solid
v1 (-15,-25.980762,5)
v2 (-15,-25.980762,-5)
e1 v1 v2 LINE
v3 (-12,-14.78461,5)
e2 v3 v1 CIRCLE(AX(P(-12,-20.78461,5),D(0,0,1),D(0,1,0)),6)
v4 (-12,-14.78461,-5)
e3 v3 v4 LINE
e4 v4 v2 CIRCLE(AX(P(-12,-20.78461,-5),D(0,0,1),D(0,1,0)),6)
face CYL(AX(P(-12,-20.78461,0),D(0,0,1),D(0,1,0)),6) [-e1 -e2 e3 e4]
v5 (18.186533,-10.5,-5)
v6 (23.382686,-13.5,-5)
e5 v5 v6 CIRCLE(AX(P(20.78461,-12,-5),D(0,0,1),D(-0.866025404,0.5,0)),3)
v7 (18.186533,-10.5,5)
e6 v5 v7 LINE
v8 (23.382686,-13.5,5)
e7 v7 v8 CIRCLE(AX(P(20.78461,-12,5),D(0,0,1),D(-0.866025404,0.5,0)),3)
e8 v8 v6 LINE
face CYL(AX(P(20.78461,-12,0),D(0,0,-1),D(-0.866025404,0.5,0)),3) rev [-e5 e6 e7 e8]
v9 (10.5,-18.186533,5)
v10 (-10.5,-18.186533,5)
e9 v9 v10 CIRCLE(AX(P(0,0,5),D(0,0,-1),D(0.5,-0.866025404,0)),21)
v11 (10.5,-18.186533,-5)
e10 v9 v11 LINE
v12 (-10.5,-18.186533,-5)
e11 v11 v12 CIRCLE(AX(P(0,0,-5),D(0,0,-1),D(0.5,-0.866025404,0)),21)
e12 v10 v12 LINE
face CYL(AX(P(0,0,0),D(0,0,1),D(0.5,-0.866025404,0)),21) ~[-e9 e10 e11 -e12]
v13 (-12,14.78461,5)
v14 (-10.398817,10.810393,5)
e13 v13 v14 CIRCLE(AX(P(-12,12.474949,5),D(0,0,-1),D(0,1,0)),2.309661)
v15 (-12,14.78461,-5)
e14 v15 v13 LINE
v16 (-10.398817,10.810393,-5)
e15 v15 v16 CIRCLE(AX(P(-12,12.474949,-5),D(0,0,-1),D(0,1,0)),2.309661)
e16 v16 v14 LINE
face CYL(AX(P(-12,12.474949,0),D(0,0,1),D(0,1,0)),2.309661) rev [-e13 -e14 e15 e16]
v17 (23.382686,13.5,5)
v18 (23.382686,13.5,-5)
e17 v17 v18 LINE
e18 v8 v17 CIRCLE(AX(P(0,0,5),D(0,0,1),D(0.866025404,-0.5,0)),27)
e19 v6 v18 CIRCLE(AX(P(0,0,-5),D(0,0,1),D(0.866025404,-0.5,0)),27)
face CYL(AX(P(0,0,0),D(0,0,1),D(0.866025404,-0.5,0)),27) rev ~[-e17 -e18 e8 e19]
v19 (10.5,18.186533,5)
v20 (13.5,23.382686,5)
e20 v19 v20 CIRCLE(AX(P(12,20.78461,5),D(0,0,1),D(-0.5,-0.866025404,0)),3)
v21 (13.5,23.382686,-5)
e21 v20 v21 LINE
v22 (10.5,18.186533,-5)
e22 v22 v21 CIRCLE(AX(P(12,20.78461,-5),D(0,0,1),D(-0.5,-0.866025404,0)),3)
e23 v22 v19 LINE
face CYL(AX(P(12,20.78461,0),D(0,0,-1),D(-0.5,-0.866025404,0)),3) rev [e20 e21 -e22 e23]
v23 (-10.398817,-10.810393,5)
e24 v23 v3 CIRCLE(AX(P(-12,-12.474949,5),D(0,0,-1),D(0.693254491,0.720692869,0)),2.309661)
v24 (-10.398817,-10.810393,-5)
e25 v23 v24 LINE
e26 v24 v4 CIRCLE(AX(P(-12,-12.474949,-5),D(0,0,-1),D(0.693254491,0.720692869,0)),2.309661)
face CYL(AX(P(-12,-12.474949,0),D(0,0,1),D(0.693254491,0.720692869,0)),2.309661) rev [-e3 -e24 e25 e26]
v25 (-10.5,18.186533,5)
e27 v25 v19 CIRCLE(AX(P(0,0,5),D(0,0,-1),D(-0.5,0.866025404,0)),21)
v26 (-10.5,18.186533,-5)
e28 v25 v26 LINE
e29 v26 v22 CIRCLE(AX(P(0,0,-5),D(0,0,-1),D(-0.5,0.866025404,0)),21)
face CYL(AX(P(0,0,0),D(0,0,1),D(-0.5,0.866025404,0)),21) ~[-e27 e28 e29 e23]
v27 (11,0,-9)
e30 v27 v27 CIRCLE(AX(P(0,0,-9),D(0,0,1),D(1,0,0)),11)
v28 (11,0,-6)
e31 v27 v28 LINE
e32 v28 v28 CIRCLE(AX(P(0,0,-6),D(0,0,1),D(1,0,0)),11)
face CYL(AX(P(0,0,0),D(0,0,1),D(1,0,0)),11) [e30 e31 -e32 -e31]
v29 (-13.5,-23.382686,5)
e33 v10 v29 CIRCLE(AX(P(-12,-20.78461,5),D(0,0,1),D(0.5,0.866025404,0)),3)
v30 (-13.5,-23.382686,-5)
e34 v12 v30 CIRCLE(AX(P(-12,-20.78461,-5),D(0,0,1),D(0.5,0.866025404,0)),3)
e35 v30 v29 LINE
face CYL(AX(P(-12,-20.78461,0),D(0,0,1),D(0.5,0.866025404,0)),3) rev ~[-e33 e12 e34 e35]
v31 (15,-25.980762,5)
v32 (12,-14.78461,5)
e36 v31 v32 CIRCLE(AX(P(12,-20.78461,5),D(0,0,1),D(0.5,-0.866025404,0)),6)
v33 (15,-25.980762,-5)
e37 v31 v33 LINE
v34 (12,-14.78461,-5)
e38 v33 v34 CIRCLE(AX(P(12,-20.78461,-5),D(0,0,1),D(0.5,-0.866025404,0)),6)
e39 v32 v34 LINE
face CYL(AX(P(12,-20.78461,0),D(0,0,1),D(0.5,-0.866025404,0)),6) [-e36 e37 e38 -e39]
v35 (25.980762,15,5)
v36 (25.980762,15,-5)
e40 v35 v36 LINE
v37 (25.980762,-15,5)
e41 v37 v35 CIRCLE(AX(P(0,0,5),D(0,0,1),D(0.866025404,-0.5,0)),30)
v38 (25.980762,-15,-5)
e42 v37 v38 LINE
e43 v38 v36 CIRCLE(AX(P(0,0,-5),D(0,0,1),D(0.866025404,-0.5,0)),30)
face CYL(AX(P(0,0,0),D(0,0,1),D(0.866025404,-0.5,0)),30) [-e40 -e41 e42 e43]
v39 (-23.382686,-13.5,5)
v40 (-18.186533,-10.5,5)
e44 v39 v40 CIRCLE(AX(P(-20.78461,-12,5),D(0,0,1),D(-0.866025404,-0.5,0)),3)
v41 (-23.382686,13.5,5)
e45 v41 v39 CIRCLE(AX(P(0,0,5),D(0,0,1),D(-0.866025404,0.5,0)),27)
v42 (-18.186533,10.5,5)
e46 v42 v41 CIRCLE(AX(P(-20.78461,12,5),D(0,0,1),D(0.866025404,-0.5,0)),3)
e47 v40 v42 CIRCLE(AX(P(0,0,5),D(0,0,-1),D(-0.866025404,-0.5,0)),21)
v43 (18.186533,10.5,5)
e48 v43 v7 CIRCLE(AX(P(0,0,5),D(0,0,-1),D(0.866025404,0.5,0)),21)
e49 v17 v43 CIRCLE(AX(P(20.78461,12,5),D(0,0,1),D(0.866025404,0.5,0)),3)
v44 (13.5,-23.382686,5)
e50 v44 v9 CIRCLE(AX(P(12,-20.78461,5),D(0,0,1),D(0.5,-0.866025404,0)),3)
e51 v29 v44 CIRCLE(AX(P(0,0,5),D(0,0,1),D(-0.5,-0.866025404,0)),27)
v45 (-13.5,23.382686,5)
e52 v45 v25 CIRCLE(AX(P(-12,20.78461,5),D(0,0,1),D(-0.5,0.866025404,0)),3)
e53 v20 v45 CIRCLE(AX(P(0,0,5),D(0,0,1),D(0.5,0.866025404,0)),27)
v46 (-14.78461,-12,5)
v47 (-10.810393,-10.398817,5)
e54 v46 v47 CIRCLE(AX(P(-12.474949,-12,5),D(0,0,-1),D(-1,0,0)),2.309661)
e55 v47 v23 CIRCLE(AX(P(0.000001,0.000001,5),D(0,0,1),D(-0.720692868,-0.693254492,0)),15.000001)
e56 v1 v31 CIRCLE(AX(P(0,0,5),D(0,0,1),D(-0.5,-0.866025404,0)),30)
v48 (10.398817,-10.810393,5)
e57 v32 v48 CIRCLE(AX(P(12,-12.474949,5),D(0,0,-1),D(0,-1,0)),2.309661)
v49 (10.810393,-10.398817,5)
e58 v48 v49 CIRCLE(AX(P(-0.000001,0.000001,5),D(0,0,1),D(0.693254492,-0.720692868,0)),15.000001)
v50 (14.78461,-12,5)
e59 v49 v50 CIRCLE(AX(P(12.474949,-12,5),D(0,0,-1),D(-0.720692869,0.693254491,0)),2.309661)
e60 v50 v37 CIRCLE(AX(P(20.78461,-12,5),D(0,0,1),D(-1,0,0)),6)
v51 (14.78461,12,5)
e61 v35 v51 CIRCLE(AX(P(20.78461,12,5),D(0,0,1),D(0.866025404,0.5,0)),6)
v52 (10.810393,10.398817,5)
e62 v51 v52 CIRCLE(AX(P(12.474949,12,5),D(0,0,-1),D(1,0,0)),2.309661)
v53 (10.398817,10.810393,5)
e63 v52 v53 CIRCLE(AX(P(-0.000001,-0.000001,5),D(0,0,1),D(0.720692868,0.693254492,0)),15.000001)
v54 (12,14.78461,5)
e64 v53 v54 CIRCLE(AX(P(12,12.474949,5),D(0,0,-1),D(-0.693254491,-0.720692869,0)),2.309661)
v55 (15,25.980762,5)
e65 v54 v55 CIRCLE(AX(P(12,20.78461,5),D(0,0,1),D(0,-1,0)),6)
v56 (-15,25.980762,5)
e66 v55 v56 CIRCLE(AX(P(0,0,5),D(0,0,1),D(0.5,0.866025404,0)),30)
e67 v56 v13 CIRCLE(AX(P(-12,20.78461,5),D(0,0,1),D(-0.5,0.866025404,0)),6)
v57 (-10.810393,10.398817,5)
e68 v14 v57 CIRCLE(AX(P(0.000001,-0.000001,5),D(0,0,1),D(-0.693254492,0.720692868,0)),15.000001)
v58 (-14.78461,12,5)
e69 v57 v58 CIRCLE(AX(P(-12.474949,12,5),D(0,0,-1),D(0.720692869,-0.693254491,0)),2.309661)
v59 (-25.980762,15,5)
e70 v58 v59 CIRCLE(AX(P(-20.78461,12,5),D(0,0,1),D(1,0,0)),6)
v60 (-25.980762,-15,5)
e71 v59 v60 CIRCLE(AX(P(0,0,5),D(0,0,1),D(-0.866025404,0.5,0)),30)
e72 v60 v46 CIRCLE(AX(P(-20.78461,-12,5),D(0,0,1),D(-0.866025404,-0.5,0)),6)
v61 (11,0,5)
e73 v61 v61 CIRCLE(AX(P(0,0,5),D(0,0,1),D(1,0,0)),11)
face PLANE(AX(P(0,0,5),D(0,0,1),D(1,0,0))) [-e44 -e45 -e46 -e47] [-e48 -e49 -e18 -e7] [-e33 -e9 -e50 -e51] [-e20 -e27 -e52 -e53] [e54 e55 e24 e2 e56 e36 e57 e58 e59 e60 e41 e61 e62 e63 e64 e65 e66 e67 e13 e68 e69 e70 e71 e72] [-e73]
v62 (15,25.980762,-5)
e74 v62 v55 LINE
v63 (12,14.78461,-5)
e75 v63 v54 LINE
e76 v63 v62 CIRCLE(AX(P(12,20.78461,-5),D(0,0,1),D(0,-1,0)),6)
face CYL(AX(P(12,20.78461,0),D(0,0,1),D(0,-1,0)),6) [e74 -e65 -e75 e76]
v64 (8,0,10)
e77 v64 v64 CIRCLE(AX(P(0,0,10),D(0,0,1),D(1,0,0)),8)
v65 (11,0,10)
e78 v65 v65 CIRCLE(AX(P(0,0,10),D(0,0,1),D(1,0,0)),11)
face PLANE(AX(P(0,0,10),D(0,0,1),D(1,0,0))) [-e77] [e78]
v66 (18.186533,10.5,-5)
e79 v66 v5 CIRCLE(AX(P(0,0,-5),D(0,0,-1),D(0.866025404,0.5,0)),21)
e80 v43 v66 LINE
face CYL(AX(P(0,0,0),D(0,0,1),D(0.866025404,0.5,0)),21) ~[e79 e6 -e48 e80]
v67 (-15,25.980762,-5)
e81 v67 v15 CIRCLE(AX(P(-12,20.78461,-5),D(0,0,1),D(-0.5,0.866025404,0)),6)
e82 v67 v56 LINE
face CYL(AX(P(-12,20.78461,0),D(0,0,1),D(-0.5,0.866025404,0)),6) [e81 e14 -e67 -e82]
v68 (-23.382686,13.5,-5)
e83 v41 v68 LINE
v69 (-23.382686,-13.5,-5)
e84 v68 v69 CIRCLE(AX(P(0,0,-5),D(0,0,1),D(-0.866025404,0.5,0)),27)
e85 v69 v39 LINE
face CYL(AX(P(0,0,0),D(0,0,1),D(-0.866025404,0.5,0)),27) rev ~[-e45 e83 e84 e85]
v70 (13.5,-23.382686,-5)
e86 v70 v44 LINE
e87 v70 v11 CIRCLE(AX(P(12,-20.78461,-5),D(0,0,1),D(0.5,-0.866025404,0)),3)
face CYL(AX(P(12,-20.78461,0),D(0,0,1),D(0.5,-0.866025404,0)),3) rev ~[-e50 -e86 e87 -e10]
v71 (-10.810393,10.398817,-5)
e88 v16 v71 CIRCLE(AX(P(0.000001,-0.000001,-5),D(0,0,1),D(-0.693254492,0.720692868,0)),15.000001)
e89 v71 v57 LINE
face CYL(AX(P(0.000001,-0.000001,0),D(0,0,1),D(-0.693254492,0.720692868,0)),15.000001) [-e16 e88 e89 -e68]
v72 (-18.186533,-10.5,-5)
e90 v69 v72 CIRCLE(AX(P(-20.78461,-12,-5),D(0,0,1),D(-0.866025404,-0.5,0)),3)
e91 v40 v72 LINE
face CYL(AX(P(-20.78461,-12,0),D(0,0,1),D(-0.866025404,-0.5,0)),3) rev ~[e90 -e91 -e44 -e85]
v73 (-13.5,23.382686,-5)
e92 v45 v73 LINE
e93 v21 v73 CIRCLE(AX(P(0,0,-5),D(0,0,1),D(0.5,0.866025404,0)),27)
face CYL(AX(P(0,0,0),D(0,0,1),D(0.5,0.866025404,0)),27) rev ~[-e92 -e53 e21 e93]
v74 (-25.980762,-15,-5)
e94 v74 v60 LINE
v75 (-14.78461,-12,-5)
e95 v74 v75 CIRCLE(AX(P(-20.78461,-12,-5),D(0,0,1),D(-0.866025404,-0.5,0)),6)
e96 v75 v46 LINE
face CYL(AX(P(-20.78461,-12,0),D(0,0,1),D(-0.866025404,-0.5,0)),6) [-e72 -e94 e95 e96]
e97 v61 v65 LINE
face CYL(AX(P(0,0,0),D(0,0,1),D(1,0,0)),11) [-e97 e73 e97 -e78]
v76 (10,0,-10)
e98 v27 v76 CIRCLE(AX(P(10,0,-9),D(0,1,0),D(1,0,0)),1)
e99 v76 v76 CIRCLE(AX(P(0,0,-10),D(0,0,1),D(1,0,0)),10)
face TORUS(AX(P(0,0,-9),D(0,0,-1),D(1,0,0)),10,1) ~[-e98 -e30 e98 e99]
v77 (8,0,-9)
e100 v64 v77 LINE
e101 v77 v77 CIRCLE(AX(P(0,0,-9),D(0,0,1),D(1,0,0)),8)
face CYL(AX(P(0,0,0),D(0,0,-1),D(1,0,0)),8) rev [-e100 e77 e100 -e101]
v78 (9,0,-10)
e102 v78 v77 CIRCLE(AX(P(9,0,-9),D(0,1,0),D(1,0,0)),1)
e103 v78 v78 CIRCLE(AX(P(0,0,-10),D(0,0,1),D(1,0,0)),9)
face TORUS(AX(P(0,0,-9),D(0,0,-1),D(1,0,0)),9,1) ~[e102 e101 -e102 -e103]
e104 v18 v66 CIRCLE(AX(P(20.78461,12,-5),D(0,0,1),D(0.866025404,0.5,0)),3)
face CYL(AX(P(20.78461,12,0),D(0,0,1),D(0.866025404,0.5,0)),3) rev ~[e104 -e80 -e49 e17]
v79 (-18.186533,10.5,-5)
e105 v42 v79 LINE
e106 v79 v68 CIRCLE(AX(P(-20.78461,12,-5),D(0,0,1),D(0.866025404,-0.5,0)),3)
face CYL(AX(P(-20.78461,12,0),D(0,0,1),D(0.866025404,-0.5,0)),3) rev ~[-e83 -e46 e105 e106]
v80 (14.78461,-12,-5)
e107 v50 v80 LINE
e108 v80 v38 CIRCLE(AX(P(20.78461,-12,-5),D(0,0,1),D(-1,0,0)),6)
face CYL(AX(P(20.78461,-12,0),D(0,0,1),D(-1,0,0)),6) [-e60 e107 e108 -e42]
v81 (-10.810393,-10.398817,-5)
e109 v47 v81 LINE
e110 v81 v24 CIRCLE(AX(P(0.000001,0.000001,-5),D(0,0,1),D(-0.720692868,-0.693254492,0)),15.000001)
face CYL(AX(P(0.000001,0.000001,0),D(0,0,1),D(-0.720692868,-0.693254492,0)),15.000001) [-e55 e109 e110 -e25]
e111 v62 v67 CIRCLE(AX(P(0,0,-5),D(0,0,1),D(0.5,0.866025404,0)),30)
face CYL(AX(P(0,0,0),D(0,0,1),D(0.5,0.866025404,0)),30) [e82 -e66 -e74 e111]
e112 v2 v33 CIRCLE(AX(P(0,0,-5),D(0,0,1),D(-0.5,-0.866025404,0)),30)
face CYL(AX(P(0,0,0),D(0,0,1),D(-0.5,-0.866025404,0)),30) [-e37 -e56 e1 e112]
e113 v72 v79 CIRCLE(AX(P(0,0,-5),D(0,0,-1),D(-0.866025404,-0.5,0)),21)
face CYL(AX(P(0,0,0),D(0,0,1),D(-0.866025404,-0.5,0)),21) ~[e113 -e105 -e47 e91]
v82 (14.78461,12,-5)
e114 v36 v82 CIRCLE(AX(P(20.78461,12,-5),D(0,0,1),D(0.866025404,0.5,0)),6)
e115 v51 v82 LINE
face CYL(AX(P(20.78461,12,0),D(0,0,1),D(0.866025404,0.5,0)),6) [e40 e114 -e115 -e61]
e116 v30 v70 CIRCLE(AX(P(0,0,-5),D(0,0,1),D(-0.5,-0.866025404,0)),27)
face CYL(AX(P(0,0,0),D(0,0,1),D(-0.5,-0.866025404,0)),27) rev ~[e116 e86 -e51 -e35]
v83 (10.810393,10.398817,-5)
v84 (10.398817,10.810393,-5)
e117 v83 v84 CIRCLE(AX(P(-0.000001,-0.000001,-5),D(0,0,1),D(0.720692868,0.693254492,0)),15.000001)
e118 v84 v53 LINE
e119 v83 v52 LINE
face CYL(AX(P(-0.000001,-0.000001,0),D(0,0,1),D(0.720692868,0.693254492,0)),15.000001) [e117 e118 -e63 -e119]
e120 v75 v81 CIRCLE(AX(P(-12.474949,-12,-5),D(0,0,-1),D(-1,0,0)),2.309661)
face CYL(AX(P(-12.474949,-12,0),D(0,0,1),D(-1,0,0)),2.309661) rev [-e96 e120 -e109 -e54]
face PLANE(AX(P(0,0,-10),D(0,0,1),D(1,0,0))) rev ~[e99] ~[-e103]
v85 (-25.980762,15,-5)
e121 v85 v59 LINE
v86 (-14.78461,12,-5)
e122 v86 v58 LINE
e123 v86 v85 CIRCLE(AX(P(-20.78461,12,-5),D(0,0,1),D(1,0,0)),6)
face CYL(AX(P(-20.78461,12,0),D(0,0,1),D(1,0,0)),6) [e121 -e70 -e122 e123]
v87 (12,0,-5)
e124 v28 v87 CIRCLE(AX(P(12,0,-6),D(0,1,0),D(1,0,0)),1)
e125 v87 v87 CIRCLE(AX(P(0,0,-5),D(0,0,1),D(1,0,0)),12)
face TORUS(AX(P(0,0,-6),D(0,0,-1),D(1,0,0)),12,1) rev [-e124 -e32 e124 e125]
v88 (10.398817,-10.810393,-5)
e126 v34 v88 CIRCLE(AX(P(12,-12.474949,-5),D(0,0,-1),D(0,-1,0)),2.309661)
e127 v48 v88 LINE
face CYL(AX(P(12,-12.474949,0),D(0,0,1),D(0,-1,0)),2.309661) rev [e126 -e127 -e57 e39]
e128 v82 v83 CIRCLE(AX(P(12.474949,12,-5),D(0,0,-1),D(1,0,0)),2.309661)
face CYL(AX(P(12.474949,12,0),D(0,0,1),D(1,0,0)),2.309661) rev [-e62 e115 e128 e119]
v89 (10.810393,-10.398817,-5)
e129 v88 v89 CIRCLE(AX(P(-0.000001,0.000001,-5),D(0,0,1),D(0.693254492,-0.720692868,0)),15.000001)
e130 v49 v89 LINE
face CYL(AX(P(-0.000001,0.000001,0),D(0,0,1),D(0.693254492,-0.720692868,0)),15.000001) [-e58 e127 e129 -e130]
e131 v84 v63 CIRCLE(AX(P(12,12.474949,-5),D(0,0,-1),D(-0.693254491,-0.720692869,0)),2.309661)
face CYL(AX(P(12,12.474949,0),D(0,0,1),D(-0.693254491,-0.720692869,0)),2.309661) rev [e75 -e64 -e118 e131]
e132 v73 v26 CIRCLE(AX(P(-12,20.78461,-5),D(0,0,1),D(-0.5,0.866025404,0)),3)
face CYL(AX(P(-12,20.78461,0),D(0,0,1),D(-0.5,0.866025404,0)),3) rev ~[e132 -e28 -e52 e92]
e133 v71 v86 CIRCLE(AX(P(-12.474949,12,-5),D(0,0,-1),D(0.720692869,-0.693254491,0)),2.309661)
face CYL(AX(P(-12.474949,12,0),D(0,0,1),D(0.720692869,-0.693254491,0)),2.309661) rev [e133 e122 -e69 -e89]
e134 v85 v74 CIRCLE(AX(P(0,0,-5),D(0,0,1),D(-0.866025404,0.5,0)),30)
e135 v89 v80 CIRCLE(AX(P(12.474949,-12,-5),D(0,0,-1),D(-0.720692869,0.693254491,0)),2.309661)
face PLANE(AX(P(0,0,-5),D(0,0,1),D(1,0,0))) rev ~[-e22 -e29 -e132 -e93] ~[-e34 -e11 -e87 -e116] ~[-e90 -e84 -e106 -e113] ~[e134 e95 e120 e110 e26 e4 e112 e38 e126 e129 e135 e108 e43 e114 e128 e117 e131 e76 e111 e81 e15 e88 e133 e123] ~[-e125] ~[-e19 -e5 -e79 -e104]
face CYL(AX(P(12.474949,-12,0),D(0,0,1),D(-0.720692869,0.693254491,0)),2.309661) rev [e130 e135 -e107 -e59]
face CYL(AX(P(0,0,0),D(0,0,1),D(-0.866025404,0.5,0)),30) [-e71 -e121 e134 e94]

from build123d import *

# Parameters (mm, degrees)
SKETCH1_R           = 11
SKETCH1_R_2         = 8
BOSS_EXTRUDE1_DEPTH = 10
SKETCH1_5_R         = 11
BOSS_EXTRUDE3_DEPTH = 5
FILLET2_R           = 1
FILLET3_R           = 1


with BuildPart() as part:
    # Sketch1 → Boss-Extrude1 (new, symmetric)
    with BuildSketch(Plane.XY):
        Circle(SKETCH1_R)
        Circle(SKETCH1_R_2, mode=Mode.SUBTRACT)
    extrude(amount=BOSS_EXTRUDE1_DEPTH, both=True)

    # Sketch1<5> → Boss-Extrude3 (add, symmetric)
    with BuildSketch(Plane.XY):
        with BuildLine():
            ThreePointArc((-12, 14.784609691), (-9.857677434, 13.338075004), (-10.398817362, 10.810393031))
            ThreePointArc((-10.398817362, 10.810393031), (-10.606601718, 10.606601718), (-10.810393031, 10.398817362))
            ThreePointArc((-10.810393031, 10.398817362), (-13.338075004, 9.857677434), (-14.784609691, 12))
            ThreePointArc((-14.784609691, 12), (-19.23169542, 17.795554958), (-25.980762114, 15))
            ThreePointArc((-25.980762114, 15), (-30, 0), (-25.980762114, -15))
            ThreePointArc((-25.980762114, -15), (-19.23169542, -17.795554958), (-14.784609691, -12))
            ThreePointArc((-14.784609691, -12), (-13.338075004, -9.857677434), (-10.810393031, -10.398817362))
            ThreePointArc((-10.810393031, -10.398817362), (-10.606601718, -10.606601718), (-10.398817362, -10.810393031))
            ThreePointArc((-10.398817362, -10.810393031), (-9.857677434, -13.338075004), (-12, -14.784609691))
            ThreePointArc((-12, -14.784609691), (-17.795554958, -19.23169542), (-15, -25.980762114))
            ThreePointArc((-15, -25.980762114), (0, -30), (15, -25.980762114))
            ThreePointArc((15, -25.980762114), (17.795554958, -19.23169542), (12, -14.784609691))
            ThreePointArc((12, -14.784609691), (9.857677434, -13.338075004), (10.398817362, -10.810393031))
            ThreePointArc((10.398817362, -10.810393031), (10.606601718, -10.606601718), (10.810393031, -10.398817362))
            ThreePointArc((10.810393031, -10.398817362), (13.338075004, -9.857677434), (14.784609691, -12))
            ThreePointArc((14.784609691, -12), (19.23169542, -17.795554958), (25.980762114, -15))
            ThreePointArc((25.980762114, -15), (30, 0), (25.980762114, 15))
            ThreePointArc((25.980762114, 15), (19.23169542, 17.795554958), (14.784609691, 12))
            ThreePointArc((14.784609691, 12), (13.338075004, 9.857677434), (10.810393031, 10.398817362))
            ThreePointArc((10.810393031, 10.398817362), (10.606601718, 10.606601718), (10.398817362, 10.810393031))
            ThreePointArc((10.398817362, 10.810393031), (9.857677434, 13.338075004), (12, 14.784609691))
            ThreePointArc((12, 14.784609691), (17.795554958, 19.23169542), (15, 25.980762114))
            ThreePointArc((15, 25.980762114), (0, 30), (-15, 25.980762114))
            ThreePointArc((-15, 25.980762114), (-17.795554958, 19.23169542), (-12, 14.784609691))
        make_face()
        with BuildLine():
            ThreePointArc((13.5, -23.382685902), (0, -27), (-13.5, -23.382685902))
            ThreePointArc((-13.5, -23.382685902), (-14.598076211, -19.284609691), (-10.5, -18.186533479))
            ThreePointArc((-10.5, -18.186533479), (0, -21), (10.5, -18.186533479))
            ThreePointArc((10.5, -18.186533479), (14.598076211, -19.284609691), (13.5, -23.382685902))
        make_face(mode=Mode.SUBTRACT)
        Circle(SKETCH1_5_R, mode=Mode.SUBTRACT)
        with BuildLine():
            ThreePointArc((23.382685902, 13.5), (27, 0), (23.382685902, -13.5))
            ThreePointArc((23.382685902, -13.5), (19.284609691, -14.598076211), (18.186533479, -10.5))
            ThreePointArc((18.186533479, -10.5), (21, 0), (18.186533479, 10.5))
            ThreePointArc((18.186533479, 10.5), (19.284609691, 14.598076211), (23.382685902, 13.5))
        make_face(mode=Mode.SUBTRACT)
        with BuildLine():
            ThreePointArc((-23.382685902, -13.5), (-27, 0), (-23.382685902, 13.5))
            ThreePointArc((-23.382685902, 13.5), (-19.284609691, 14.598076211), (-18.186533479, 10.5))
            ThreePointArc((-18.186533479, 10.5), (-21, 0), (-18.186533479, -10.5))
            ThreePointArc((-18.186533479, -10.5), (-19.284609691, -14.598076211), (-23.382685902, -13.5))
        make_face(mode=Mode.SUBTRACT)
        with BuildLine():
            ThreePointArc((-13.5, 23.382685902), (0, 27), (13.5, 23.382685902))
            ThreePointArc((13.5, 23.382685902), (14.598076211, 19.284609691), (10.5, 18.186533479))
            ThreePointArc((10.5, 18.186533479), (0, 21), (-10.5, 18.186533479))
            ThreePointArc((-10.5, 18.186533479), (-14.598076211, 19.284609691), (-13.5, 23.382685902))
        make_face(mode=Mode.SUBTRACT)
    extrude(amount=BOSS_EXTRUDE3_DEPTH, both=True)

    # Fillet2
    fillet2_edges = [part.edges().sort_by_distance(p)[0] for p in [
        (-8, 0, -10),
        (-11, 0, -10),
    ]]
    fillet(fillet2_edges, radius=FILLET2_R)

    # Fillet3
    fillet3_edges = [part.edges().sort_by_distance(p)[0] for p in [
        (-11, 0, -5),
    ]]
    fillet(fillet3_edges, radius=FILLET3_R)


solid = part.part
